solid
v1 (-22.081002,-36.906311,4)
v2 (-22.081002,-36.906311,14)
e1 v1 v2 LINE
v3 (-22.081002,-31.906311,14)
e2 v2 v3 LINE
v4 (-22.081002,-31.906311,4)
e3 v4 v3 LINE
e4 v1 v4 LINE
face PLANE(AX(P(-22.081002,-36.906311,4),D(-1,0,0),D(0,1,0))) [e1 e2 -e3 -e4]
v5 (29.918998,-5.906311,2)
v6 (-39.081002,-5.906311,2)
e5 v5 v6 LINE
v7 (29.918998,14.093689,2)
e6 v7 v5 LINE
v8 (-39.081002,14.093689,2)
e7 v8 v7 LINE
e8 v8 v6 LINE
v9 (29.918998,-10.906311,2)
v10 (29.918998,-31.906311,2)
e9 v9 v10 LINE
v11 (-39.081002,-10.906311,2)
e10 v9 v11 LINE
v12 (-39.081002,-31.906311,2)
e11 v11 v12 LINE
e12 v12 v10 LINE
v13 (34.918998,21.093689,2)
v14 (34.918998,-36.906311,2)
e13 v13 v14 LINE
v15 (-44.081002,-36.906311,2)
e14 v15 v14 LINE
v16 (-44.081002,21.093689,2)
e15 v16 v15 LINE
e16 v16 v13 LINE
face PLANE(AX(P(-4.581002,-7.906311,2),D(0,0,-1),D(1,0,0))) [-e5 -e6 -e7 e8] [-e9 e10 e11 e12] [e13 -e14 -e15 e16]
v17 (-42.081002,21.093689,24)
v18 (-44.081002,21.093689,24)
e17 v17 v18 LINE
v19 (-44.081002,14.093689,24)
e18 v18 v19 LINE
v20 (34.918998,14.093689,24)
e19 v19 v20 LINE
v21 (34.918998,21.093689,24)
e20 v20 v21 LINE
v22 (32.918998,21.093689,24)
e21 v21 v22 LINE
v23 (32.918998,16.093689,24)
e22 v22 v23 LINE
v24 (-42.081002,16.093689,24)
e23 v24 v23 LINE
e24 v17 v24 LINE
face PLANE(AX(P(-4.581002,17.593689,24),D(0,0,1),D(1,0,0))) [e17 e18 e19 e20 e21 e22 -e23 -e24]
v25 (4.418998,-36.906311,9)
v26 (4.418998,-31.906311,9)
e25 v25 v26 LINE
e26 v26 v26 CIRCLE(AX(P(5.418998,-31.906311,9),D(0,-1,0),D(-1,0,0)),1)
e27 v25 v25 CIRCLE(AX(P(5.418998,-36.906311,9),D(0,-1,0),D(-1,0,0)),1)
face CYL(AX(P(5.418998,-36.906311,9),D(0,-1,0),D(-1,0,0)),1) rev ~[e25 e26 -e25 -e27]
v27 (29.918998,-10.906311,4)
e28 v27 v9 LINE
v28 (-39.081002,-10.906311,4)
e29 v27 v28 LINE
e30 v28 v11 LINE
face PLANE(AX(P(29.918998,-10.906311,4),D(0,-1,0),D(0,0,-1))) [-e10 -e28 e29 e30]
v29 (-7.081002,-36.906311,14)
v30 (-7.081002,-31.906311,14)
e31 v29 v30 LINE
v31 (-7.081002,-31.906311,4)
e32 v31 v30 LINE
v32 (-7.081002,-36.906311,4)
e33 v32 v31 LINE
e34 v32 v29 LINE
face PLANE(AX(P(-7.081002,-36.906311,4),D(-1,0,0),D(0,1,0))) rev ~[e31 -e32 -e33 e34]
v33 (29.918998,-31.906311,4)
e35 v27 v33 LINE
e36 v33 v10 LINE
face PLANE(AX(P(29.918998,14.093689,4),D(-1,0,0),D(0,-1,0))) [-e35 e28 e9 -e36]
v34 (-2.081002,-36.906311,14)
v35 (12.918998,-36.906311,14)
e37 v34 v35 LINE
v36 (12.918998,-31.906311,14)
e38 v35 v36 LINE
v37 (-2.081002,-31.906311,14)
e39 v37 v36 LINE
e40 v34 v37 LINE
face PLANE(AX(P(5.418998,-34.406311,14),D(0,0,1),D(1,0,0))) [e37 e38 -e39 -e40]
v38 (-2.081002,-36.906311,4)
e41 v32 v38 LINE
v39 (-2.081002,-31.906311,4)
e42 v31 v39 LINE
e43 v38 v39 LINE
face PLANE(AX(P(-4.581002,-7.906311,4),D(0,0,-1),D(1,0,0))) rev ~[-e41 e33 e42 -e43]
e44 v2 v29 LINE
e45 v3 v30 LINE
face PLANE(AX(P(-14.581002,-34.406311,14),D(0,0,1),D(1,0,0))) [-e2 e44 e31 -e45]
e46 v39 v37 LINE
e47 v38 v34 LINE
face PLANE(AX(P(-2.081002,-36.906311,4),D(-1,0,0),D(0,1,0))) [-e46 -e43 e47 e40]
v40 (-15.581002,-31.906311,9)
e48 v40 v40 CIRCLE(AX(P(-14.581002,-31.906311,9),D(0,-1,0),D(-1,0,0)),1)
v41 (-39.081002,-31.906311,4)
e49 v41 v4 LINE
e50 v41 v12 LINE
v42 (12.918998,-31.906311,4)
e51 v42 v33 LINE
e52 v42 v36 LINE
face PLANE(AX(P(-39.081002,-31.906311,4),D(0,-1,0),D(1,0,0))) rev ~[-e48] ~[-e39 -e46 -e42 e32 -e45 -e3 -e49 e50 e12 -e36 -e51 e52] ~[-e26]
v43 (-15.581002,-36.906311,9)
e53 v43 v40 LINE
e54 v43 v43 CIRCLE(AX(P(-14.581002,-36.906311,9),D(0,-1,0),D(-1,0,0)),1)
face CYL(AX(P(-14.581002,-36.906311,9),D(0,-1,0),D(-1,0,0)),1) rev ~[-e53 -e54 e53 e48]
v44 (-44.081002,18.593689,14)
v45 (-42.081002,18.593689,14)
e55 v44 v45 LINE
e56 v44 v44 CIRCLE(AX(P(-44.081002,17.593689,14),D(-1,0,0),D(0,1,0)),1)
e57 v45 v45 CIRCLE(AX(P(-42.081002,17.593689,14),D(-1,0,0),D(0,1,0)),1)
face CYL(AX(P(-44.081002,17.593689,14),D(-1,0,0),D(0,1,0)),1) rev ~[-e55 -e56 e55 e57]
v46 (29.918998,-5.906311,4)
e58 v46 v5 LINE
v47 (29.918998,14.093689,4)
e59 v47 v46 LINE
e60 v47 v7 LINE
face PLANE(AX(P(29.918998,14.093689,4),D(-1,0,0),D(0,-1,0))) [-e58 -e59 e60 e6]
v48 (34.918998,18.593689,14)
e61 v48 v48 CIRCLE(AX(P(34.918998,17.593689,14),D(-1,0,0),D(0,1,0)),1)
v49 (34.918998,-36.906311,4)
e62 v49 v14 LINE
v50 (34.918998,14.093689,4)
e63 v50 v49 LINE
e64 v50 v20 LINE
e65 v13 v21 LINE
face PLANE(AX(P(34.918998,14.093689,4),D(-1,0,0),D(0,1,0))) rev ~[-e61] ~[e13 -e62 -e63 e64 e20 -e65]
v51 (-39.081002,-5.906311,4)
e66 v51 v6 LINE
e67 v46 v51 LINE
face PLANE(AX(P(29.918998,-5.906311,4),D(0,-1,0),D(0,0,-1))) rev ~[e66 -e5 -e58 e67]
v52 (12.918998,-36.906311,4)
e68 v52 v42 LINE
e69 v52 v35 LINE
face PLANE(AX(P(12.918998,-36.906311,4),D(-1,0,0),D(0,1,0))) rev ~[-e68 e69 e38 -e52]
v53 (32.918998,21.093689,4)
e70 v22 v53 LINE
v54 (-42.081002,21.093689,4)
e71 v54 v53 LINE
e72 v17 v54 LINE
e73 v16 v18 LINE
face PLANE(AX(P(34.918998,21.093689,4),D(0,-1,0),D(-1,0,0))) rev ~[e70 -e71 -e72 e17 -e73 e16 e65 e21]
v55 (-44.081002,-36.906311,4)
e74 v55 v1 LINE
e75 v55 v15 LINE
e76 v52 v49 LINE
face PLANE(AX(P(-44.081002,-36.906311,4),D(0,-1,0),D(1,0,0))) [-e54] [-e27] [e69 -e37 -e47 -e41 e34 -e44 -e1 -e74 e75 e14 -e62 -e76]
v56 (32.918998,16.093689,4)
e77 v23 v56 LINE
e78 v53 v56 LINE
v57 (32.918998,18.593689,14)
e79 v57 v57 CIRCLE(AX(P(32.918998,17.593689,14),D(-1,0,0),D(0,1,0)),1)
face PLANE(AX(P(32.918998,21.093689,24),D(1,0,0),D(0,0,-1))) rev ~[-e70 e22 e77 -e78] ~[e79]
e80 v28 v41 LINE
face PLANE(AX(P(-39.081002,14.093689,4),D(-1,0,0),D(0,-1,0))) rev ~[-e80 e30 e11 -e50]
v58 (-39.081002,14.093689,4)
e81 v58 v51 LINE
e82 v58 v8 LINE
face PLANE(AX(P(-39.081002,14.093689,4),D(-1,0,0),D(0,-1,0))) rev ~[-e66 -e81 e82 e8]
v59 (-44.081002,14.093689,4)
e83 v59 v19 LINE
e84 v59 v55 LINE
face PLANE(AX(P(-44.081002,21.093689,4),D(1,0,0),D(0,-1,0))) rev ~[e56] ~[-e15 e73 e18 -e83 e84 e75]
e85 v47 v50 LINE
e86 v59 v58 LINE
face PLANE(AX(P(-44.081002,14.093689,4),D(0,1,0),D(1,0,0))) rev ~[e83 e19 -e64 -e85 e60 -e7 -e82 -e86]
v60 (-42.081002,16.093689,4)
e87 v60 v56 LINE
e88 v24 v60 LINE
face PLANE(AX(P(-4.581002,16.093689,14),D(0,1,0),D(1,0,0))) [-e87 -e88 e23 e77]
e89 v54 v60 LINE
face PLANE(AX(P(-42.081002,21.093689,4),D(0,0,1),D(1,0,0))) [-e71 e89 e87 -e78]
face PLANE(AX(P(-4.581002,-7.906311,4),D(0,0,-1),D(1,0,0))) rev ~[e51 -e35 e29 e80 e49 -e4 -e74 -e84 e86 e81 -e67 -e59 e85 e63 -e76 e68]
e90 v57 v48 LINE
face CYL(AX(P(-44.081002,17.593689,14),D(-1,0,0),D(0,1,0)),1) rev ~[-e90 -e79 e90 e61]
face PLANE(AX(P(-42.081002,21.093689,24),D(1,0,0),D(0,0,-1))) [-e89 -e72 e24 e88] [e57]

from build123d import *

# Parameters (mm, degrees)
F0_W      = 79
F0_H      = 58
F0_W_2    = 69
F0_H_2    = 46
F1_DEPTH  = 2
F2_W      = 15
F2_H      = 5
F3_DEPTH  = 10
F5_DEPTH  = 20
F6_W      = 75
F6_H      = 20
F7_DEPTH  = 5
F8_R      = 1
F9_DEPTH  = 5
F10_R     = 1
F11_DEPTH = 79.001
F12_W     = 5
F12_H     = 2
F13_DEPTH = 69
F14_ANGLE = 180


with BuildPart() as f1:
    # F0 (on Top) → F1 (new body)
    with BuildSketch(Plane.XY):
        with Locations((-4.5810023546, -13.9063113923)):
            Rectangle(F0_W, F0_H)
        with Locations((-4.5810023546, -12.9063113923)):
            Rectangle(F0_W_2, F0_H_2, mode=Mode.SUBTRACT)
    extrude(amount=F1_DEPTH)

    # F2 (on face) → F3 (join)
    with BuildSketch(Plane(origin=(0, 0, 0), x_dir=(1, 0, 0), z_dir=(0, 0, -1))):
        with Locations((5.4189976454, -12.5936886077)):
            Rectangle(F2_W, F2_H)
        with Locations((-14.5810023546, -12.5936886077)):
            Rectangle(F2_W, F2_H)
    extrude(amount=F3_DEPTH)

    # F4 (on face) → F5 (join)
    with BuildSketch(Plane(origin=(0, 0, 0), x_dir=(1, 0, 0), z_dir=(0, 0, -1))):
        Polygon((34.9189976454, 35.9063113923), (34.9189976454, 42.9063113923), (-44.0810023546, 42.9063113923), (-44.0810023546, 35.9063113923), (-39.0810023546, 35.9063113923), (29.9189976454, 35.9063113923), align=None)
    extrude(amount=F5_DEPTH)

    # F6 (on face) → F7 (cut)
    with BuildSketch(Plane.XZ.offset(42.9063113923)):
        with Locations((-4.5810023546, -10)):
            Rectangle(F6_W, F6_H)
    extrude(amount=-F7_DEPTH, mode=Mode.SUBTRACT)

    # F8 (on face) → F9 (cut, through all)
    with BuildSketch(Plane(origin=(0, 15.0936886077, 0), x_dir=(-1, 0, 0), z_dir=(0, 1, 0))):
        with Locations((-5.4189976454, -5)):
            Circle(F8_R)
        with Locations((14.5810023546, -5)):
            Circle(F8_R)
    extrude(amount=-F9_DEPTH, mode=Mode.SUBTRACT)

    # F10 (on face) → F11 (cut, through all)
    with BuildSketch(Plane(origin=(-44.0810023546, 0, 0), x_dir=(0, -1, 0), z_dir=(-1, 0, 0))):
        with Locations((39.4063113923, -10)):
            Circle(F10_R)
    extrude(amount=-F11_DEPTH, mode=Mode.SUBTRACT)

    # F12 (on face) → F13 (join, through all)
    with BuildSketch(Plane(origin=(29.9189976454, 0, 0), x_dir=(0, -1, 0), z_dir=(-1, 0, 0))):
        with Locations((13.4063113923, 1)):
            Rectangle(F12_W, F12_H)
    extrude(amount=F13_DEPTH)


with BuildPart() as f1_1:
    # F14: moved
    add(f1.part.rotate(Axis((-4.5810023546, -10.9063113923, 2), (1, 0, 0)), F14_ANGLE))


solid = f1_1.part
